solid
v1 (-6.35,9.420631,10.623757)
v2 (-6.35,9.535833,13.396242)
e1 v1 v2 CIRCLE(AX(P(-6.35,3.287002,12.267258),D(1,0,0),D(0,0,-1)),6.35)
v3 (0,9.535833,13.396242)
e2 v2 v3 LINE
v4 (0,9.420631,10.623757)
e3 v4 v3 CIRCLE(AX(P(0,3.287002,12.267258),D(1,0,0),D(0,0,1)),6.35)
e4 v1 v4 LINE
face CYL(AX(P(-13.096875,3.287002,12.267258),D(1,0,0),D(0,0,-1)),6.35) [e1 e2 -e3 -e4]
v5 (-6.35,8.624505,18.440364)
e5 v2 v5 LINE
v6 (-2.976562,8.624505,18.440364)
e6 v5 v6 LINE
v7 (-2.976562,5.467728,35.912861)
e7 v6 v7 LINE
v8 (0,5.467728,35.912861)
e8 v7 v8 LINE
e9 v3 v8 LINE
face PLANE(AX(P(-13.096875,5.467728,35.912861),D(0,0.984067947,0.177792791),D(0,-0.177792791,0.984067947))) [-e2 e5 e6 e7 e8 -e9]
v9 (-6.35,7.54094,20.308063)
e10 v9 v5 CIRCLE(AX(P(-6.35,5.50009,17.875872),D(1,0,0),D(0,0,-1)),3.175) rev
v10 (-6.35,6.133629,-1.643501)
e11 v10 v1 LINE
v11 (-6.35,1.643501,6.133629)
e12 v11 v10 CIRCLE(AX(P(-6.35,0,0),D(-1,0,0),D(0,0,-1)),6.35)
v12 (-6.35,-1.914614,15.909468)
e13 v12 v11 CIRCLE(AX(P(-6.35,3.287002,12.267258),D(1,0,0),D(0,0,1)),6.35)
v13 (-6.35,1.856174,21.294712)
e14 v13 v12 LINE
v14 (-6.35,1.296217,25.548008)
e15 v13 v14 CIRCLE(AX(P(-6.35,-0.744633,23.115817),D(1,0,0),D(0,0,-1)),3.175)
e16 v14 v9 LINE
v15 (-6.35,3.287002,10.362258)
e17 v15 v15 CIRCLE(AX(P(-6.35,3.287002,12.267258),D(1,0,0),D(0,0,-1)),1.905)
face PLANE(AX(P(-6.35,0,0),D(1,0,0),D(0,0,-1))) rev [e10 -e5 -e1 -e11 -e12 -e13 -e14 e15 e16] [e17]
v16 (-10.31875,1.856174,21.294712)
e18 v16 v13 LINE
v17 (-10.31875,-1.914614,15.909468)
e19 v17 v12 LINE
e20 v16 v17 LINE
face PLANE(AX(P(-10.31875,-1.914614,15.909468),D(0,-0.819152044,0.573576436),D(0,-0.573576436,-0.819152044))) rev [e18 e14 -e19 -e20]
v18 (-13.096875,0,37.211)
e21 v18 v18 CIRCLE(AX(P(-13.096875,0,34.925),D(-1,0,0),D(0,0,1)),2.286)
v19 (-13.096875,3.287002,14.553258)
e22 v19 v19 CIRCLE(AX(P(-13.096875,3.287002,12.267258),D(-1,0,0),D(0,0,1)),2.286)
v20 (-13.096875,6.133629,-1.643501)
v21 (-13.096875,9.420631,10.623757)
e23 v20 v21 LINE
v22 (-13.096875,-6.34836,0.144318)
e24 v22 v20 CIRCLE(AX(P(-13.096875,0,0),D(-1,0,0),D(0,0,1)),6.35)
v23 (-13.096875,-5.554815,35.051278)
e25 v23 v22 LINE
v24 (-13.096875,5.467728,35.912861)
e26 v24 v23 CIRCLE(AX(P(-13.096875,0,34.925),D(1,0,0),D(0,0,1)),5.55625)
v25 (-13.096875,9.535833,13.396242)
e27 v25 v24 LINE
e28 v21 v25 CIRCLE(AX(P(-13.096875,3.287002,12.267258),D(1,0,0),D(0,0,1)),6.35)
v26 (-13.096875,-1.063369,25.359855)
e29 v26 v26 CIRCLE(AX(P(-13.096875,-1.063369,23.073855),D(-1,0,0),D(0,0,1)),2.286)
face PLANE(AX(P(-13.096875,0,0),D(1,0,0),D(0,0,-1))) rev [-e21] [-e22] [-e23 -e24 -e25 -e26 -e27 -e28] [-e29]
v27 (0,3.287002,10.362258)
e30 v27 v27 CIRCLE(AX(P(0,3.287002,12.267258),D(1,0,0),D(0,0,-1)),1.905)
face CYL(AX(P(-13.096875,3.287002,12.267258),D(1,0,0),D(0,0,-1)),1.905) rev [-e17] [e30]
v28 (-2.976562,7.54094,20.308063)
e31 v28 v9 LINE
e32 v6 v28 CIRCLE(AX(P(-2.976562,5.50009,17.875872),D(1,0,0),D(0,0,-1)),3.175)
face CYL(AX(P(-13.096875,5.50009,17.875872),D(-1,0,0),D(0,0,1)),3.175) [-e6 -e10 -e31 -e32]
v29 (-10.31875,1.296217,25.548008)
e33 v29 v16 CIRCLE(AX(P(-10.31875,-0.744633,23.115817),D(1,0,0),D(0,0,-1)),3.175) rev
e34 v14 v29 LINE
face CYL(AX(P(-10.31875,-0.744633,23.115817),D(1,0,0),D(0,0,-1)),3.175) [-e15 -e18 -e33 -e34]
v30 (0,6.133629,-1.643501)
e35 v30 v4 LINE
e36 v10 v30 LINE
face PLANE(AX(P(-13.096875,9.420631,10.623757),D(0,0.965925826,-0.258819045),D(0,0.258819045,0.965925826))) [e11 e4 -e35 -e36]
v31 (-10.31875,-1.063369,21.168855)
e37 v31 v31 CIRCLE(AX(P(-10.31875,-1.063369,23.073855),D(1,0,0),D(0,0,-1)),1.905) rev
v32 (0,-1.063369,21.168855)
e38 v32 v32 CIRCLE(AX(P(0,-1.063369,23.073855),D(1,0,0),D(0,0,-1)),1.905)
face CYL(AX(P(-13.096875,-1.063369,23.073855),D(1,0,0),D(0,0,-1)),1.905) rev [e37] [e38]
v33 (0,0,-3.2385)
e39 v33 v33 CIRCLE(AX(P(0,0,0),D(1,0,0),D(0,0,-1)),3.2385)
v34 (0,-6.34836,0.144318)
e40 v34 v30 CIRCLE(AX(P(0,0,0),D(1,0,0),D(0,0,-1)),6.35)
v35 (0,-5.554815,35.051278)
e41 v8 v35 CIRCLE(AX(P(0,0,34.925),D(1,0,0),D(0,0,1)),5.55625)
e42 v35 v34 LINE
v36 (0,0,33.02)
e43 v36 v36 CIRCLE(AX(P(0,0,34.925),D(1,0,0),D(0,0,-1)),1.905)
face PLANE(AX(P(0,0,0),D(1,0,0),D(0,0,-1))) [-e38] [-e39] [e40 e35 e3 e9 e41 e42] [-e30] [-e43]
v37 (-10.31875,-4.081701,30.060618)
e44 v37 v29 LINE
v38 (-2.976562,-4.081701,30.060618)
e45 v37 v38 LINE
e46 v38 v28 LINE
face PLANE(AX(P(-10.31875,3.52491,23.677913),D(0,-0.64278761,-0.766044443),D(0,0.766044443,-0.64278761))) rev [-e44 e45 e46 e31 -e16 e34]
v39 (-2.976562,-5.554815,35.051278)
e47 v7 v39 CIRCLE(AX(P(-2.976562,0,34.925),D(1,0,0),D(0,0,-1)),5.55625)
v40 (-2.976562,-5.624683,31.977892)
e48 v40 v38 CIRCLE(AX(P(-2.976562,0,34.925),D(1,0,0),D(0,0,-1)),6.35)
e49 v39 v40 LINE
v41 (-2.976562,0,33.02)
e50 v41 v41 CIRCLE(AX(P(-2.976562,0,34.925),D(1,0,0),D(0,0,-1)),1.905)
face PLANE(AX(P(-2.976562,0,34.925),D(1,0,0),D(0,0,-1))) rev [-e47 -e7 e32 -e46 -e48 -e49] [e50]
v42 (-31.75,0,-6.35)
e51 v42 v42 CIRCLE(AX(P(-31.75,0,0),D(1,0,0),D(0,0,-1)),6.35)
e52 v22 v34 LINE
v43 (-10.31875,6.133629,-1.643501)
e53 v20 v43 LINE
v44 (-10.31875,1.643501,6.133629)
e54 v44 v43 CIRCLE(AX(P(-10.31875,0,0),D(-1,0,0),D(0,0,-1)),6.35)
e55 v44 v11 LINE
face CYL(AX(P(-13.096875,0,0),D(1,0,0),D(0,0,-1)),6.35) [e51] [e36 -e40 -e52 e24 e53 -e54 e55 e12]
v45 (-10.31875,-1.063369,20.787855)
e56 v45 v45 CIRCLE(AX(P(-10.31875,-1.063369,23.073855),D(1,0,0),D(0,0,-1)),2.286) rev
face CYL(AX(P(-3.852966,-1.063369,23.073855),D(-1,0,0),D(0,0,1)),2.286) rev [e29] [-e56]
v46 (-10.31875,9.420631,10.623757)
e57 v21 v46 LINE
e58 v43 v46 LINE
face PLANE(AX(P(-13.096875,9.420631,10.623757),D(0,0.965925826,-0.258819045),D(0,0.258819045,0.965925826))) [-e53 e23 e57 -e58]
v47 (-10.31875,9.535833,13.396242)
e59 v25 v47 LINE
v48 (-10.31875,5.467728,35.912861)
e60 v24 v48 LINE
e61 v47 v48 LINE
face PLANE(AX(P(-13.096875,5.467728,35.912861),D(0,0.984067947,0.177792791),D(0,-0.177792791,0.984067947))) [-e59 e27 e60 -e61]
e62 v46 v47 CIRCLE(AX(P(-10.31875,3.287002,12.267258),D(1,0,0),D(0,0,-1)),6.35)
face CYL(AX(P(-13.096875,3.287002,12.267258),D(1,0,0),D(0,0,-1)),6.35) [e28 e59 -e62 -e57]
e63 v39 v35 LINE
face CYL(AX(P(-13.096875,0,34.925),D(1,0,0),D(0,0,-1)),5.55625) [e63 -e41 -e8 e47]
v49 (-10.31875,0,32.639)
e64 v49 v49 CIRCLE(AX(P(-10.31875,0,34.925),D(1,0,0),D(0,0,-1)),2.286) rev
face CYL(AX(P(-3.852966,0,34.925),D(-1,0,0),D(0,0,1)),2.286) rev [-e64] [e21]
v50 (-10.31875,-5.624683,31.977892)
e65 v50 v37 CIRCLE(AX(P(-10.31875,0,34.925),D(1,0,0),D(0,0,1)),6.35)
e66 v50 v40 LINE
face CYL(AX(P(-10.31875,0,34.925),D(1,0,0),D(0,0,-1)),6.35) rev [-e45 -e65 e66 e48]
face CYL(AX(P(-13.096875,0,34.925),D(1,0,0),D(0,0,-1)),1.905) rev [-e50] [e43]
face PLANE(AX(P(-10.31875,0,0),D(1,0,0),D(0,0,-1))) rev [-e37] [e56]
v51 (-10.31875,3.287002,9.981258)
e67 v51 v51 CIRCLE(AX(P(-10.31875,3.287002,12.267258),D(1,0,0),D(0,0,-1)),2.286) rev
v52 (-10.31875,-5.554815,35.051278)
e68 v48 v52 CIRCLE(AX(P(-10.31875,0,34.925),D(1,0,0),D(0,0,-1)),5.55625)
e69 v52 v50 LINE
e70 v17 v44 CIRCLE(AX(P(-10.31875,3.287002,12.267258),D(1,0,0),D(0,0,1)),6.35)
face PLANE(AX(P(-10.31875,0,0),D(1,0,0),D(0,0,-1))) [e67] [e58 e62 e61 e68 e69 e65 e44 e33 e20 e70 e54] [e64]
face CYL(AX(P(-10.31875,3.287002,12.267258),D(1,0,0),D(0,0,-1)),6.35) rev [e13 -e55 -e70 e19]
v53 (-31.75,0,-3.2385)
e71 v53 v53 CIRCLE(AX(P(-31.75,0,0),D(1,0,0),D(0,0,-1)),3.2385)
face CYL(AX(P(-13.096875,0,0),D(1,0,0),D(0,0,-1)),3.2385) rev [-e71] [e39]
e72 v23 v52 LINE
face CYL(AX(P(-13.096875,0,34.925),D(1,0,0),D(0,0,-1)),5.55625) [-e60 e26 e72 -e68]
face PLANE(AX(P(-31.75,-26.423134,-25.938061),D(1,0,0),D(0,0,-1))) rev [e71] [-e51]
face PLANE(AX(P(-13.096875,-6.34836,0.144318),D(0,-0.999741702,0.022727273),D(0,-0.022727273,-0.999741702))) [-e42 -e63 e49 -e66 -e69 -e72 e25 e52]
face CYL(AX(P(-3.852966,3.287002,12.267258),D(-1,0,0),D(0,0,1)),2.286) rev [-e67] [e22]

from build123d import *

# Parameters (mm, degrees)
BOSS_EXTRUDE1_DEPTH = 13.096874999999999
CUT_EXTRUDE4_START  = -6.35
CUT_EXTRUDE4_DEPTH  = 3.96875
CUT_EXTRUDE6_DEPTH  = 3.571875
SKETCH3_R           = 3.2385000000000006
SKETCH3_R_2         = 1.9049999999999998
SKETCH3_R_3         = 1.905
SKETCH3_R_4         = 1.9050000000000002
CUT_EXTRUDE2_DEPTH  = 44.62489589012807
SKETCH4_R           = 6.349999999999998
SKETCH4_R_2         = 3.2385000000000006
BOSS_EXTRUDE2_DEPTH = 18.653125
SKETCH5_R           = 2.286
SKETCH5_R_2         = 2.285999999999998
SKETCH5_R_3         = 2.2859999999999947
CUT_EXTRUDE5_DEPTH  = 2.778125
FILLET1_R           = 3.175


with BuildPart() as part:
    # Sketch1 → Boss-Extrude1 (new body)
    with BuildSketch(Plane(origin=(0, 0, 0), x_dir=(0, 0, -1), z_dir=(1, 0, 0))):
        with BuildLine():
            Line((-0.144318181818181, -6.348359808832252), (-35.051278409090905, -5.55481483272822))
            ThreePointArc((-35.051278409090905, -5.55481483272822), (-40.46435346310375, -0.4329864585648121), (-35.912861193635386, 5.467727528380438))
            Line((-35.912861193635386, 5.467727528380438), (-13.396242215168781, 9.535833333808146))
            ThreePointArc((-13.396242215168781, 9.535833333808146), (-12.00362991406523, 9.631527090305429), (-10.623757057470224, 9.420630869737527))
            Line((-10.623757057470224, 9.420630869737527), (1.643500936400966, 6.133628996935595))
            ThreePointArc((1.643500936400966, 6.133628996935595), (6.285849057186948, -0.9003341769931446), (-0.144318181818181, -6.348359808832252))
        make_face()
    extrude(amount=-BOSS_EXTRUDE1_DEPTH)

    # Sketch6 → Cut-Extrude4 (cut)
    with BuildSketch(Plane(origin=(0, 0, 0), x_dir=(0, 0, -1), z_dir=(1, 0, 0)).offset(CUT_EXTRUDE4_START)):
        with BuildLine():
            Line((1.643500936400966, 6.133628996935595), (-10.623757057470224, 9.420630869737526))
            ThreePointArc((-10.623757057470224, 9.420630869737526), (-12.00362991406523, 9.63152709030543), (-13.396242215168781, 9.535833333808146))
            Line((-13.396242215168781, 9.535833333808146), (-35.912861193635386, 5.467727528380437))
            ThreePointArc((-35.912861193635386, 5.467727528380437), (-40.46435346310375, -0.4329864585648108), (-35.051278409090905, -5.55481483272822))
            Line((-35.051278409090905, -5.55481483272822), (-31.977891932173424, -5.6246825720703155))
            ThreePointArc((-31.977891932173424, -5.6246825720703155), (-30.943788765977928, -4.9469644338822985), (-30.060617786194513, -4.081701321509548))
            Line((-30.060617786194513, -4.081701321509548), (-23.677913080624045, 3.524909941821936))
            Line((-23.677913080624045, 3.524909941821936), (-15.9094683647003, -1.9146136084331862))
            ThreePointArc((-15.9094683647003, -1.9146136084331862), (-10.095430083753156, -2.6800462691885727), (-6.133628996935595, 1.643500936400966))
            ThreePointArc((-6.133628996935595, 1.643500936400966), (-3.1750000000000385, 5.4992613140311635), (1.643500936400966, 6.133628996935595))
        make_face()
    extrude(amount=-CUT_EXTRUDE4_DEPTH, mode=Mode.SUBTRACT)

    # Sketch7 → Cut-Extrude6 (cut, symmetric)
    with BuildSketch(Plane(origin=(-6.5484374999999995, 0, 0), x_dir=(0, 0, -1), z_dir=(1, 0, 0))):
        with BuildLine():
            Line((-30.06061778619451, -4.0817013215095495), (-19.57011605971736, 8.420391799135219))
            Line((-19.57011605971736, 8.420391799135219), (-35.912861193635386, 5.467727528380437))
            ThreePointArc((-35.912861193635386, 5.467727528380437), (-40.46435346310375, -0.4329864585648108), (-35.051278409090905, -5.55481483272822))
            Line((-35.051278409090905, -5.55481483272822), (-31.977891932173424, -5.6246825720703155))
            ThreePointArc((-31.977891932173424, -5.6246825720703155), (-30.943788765977924, -4.946964433882303), (-30.06061778619451, -4.0817013215095495))
        make_face()
    extrude(amount=CUT_EXTRUDE6_DEPTH, both=True, mode=Mode.SUBTRACT)

    # Sketch3 → Cut-Extrude2 (cut, through all)
    with BuildSketch(Plane(origin=(0, 0, 0), x_dir=(0, 0, -1), z_dir=(1, 0, 0))):
        Circle(SKETCH3_R)
        with Locations((-34.925, 0)):
            Circle(SKETCH3_R_2)
        with Locations((-12.26725799387119, 3.287001872801932)):
            Circle(SKETCH3_R_3)
        with Locations((-23.07385471451217, -1.0633688768983705)):
            Circle(SKETCH3_R_4)
    extrude(amount=-CUT_EXTRUDE2_DEPTH, mode=Mode.SUBTRACT)

    # Sketch4 → Boss-Extrude2 (add)
    with BuildSketch(Plane.ZY.offset(13.096874999999999)):
        with Locations(Location((0, 0, 0), (0, 0, 180))):
            Circle(SKETCH4_R)
        with Locations(Location((0, 0, 0), (0, 0, 180))):
            Circle(SKETCH4_R_2, mode=Mode.SUBTRACT)
    extrude(amount=BOSS_EXTRUDE2_DEPTH)

    # Sketch5 → Cut-Extrude5 (cut)
    with BuildSketch(Plane.ZY.offset(13.096874999999999)):
        with Locations((12.26725799387119, 3.287001872801932)):
            Circle(SKETCH5_R)
        with Locations((23.07385471451217, -1.0633688768983705)):
            Circle(SKETCH5_R_2)
        with Locations((34.925, 0)):
            Circle(SKETCH5_R_3)
    extrude(amount=-CUT_EXTRUDE5_DEPTH, mode=Mode.SUBTRACT)

    # Fillet1
    fillet1_edges = [part.edges().sort_by_distance(p)[0] for p in [
        (-8.334375, 3.524909941821936, 23.677913080624045),
        (-4.66328125, 8.420391799135219, 19.57011605971736),
    ]]
    fillet(fillet1_edges, radius=FILLET1_R)


solid = part.part
